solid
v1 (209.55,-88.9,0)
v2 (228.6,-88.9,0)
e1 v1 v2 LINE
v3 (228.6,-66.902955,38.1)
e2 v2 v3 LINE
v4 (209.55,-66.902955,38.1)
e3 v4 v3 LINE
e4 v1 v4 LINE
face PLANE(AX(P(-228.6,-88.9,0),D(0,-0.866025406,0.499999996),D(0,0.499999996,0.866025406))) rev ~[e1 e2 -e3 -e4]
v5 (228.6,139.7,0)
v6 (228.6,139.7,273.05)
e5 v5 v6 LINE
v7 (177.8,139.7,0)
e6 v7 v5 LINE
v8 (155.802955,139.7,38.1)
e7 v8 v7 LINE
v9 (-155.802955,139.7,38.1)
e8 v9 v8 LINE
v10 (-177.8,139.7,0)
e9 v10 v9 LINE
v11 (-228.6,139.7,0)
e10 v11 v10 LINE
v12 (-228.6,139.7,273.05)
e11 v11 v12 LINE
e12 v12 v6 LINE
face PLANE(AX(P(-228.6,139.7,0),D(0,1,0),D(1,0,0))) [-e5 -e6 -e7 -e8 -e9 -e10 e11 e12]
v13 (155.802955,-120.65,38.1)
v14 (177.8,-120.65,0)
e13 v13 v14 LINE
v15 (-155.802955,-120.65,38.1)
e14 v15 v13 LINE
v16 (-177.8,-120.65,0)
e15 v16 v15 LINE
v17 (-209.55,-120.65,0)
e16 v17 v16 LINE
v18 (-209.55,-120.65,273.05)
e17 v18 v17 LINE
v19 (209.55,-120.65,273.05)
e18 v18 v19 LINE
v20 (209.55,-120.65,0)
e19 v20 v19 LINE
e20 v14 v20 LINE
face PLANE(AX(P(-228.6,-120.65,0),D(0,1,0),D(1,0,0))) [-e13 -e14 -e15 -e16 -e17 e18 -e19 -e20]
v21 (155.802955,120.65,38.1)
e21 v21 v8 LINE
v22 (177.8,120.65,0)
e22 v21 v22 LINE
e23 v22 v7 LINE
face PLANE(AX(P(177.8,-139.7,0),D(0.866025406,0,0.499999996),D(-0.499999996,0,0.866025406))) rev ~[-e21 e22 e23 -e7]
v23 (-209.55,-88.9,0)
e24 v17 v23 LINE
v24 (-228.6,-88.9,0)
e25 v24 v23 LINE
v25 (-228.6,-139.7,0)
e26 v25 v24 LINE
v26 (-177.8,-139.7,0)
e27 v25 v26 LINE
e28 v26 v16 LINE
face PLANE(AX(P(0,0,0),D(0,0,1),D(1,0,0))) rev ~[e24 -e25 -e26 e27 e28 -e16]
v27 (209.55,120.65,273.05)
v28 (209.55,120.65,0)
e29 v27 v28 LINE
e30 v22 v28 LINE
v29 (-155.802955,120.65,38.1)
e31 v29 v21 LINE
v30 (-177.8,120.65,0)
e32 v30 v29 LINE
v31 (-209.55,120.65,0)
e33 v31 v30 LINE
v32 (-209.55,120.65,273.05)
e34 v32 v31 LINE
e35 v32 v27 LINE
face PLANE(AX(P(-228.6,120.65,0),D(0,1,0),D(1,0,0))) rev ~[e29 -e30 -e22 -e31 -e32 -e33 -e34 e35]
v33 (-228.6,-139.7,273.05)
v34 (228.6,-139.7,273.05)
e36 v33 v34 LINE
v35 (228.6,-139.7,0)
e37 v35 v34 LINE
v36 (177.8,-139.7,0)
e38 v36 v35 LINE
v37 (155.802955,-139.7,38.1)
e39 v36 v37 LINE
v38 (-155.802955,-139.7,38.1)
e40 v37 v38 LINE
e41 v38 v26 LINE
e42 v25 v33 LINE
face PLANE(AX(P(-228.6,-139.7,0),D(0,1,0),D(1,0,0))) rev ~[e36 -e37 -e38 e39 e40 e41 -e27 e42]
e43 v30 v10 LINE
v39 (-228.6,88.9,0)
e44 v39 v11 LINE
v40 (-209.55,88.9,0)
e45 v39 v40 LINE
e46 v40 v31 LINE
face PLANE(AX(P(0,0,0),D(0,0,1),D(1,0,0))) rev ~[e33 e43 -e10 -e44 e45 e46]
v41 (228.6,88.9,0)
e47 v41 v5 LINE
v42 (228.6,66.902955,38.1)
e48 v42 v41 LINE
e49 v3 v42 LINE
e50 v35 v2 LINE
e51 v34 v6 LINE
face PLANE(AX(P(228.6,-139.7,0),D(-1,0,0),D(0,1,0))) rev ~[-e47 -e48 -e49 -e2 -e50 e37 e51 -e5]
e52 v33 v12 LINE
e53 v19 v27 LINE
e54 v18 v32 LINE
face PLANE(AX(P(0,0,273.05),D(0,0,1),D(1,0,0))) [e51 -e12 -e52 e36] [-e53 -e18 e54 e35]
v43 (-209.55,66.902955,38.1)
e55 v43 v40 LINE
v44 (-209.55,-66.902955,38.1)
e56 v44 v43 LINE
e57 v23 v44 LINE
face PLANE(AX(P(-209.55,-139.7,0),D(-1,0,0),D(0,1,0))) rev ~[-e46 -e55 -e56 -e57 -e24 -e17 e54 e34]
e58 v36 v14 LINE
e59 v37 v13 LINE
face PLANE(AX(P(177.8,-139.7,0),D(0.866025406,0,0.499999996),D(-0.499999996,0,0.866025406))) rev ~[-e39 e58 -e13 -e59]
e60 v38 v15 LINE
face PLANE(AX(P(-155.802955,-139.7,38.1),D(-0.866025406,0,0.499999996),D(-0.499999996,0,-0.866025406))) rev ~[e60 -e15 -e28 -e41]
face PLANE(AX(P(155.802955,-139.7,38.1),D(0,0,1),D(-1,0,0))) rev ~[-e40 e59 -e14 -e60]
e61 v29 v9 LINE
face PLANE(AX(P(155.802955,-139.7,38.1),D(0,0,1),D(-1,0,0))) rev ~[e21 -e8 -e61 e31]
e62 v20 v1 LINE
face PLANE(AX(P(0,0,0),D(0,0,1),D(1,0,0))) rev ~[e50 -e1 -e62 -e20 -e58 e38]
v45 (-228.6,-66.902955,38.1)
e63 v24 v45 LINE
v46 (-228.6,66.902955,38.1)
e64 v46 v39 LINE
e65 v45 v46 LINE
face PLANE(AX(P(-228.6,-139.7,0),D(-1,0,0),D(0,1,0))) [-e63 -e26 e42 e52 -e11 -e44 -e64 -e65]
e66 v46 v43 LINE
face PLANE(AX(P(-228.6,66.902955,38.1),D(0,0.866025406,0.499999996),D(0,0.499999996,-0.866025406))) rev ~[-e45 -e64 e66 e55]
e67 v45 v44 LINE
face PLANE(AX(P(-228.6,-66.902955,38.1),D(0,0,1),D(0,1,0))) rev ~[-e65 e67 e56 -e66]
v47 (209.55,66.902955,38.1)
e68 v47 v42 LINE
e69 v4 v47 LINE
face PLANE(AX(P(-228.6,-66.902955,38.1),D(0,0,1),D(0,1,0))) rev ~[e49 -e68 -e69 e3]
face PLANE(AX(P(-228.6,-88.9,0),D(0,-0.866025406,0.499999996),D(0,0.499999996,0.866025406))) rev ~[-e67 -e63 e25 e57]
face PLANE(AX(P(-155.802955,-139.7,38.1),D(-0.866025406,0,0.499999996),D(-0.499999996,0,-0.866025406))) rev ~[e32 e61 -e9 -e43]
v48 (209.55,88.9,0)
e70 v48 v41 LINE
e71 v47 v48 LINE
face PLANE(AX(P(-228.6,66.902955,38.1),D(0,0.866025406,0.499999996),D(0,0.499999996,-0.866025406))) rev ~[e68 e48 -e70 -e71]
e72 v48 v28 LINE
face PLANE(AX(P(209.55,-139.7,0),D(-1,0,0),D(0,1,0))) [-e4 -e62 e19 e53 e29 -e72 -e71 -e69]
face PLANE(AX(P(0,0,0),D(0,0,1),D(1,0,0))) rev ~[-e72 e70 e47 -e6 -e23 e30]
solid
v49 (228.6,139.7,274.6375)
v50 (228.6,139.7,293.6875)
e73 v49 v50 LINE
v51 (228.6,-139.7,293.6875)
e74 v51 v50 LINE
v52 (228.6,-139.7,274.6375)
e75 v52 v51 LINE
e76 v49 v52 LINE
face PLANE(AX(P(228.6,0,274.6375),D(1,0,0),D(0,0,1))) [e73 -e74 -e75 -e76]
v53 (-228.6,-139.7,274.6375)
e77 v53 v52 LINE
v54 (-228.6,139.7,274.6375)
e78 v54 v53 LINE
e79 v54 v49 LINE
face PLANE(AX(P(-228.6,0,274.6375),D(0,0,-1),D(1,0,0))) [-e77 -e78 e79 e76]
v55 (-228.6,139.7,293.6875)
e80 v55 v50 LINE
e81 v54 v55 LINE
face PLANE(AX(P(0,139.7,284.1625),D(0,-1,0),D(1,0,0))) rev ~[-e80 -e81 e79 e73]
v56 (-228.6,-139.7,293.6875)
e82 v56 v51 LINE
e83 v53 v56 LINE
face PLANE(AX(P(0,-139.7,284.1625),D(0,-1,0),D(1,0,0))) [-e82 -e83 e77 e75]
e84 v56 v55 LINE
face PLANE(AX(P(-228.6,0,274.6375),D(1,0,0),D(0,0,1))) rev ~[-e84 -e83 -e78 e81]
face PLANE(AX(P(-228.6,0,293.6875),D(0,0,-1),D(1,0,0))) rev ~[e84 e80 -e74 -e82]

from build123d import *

# Parameters (mm, degrees)
F0_W     = 457.2
F0_H     = 279.4
F1_DEPTH = 273.05
F2_T     = -19.05
F4_DEPTH = 279.401
F6_DEPTH = 457.201
F7_W     = 457.2
F7_H     = 19.05
F8_DEPTH = 139.7


with BuildPart() as f1:
    # F0 (on Top) → F1 (new body)
    with BuildSketch(Plane.XY):
        Rectangle(F0_W, F0_H)
    extrude(amount=F1_DEPTH)

    # F2
    f2_openings = [f1.faces().sort_by_distance(p)[0] for p in [
        (0, 0, 273.05),
        (0, 0, 0),
    ]]
    offset(amount=F2_T, openings=f2_openings)

    # F3 (on face) → F4 (cut, through all)
    with BuildSketch(Plane.XZ.offset(139.7)):
        Polygon((-155.802955, 38.1), (-177.8, 0), (177.8, 0), (155.802955, 38.1), align=None)
    extrude(amount=-F4_DEPTH, mode=Mode.SUBTRACT)

    # F5 (on face) → F6 (cut, through all)
    with BuildSketch(Plane(origin=(-228.6, 0, 0), x_dir=(0, -1, 0), z_dir=(-1, 0, 0))):
        Polygon((-88.9, 0), (88.9, 0), (66.902955, 38.1), (-66.902955, 38.1), align=None)
    extrude(amount=-F6_DEPTH, mode=Mode.SUBTRACT)


with BuildPart() as f8:
    # F7 (on Front) → F8 (new body, symmetric)
    with BuildSketch(Plane.XZ):
        with Locations((0, 284.1625)):
            Rectangle(F7_W, F7_H)
    extrude(amount=F8_DEPTH, both=True)


solid = Compound([f1.part, f8.part])
